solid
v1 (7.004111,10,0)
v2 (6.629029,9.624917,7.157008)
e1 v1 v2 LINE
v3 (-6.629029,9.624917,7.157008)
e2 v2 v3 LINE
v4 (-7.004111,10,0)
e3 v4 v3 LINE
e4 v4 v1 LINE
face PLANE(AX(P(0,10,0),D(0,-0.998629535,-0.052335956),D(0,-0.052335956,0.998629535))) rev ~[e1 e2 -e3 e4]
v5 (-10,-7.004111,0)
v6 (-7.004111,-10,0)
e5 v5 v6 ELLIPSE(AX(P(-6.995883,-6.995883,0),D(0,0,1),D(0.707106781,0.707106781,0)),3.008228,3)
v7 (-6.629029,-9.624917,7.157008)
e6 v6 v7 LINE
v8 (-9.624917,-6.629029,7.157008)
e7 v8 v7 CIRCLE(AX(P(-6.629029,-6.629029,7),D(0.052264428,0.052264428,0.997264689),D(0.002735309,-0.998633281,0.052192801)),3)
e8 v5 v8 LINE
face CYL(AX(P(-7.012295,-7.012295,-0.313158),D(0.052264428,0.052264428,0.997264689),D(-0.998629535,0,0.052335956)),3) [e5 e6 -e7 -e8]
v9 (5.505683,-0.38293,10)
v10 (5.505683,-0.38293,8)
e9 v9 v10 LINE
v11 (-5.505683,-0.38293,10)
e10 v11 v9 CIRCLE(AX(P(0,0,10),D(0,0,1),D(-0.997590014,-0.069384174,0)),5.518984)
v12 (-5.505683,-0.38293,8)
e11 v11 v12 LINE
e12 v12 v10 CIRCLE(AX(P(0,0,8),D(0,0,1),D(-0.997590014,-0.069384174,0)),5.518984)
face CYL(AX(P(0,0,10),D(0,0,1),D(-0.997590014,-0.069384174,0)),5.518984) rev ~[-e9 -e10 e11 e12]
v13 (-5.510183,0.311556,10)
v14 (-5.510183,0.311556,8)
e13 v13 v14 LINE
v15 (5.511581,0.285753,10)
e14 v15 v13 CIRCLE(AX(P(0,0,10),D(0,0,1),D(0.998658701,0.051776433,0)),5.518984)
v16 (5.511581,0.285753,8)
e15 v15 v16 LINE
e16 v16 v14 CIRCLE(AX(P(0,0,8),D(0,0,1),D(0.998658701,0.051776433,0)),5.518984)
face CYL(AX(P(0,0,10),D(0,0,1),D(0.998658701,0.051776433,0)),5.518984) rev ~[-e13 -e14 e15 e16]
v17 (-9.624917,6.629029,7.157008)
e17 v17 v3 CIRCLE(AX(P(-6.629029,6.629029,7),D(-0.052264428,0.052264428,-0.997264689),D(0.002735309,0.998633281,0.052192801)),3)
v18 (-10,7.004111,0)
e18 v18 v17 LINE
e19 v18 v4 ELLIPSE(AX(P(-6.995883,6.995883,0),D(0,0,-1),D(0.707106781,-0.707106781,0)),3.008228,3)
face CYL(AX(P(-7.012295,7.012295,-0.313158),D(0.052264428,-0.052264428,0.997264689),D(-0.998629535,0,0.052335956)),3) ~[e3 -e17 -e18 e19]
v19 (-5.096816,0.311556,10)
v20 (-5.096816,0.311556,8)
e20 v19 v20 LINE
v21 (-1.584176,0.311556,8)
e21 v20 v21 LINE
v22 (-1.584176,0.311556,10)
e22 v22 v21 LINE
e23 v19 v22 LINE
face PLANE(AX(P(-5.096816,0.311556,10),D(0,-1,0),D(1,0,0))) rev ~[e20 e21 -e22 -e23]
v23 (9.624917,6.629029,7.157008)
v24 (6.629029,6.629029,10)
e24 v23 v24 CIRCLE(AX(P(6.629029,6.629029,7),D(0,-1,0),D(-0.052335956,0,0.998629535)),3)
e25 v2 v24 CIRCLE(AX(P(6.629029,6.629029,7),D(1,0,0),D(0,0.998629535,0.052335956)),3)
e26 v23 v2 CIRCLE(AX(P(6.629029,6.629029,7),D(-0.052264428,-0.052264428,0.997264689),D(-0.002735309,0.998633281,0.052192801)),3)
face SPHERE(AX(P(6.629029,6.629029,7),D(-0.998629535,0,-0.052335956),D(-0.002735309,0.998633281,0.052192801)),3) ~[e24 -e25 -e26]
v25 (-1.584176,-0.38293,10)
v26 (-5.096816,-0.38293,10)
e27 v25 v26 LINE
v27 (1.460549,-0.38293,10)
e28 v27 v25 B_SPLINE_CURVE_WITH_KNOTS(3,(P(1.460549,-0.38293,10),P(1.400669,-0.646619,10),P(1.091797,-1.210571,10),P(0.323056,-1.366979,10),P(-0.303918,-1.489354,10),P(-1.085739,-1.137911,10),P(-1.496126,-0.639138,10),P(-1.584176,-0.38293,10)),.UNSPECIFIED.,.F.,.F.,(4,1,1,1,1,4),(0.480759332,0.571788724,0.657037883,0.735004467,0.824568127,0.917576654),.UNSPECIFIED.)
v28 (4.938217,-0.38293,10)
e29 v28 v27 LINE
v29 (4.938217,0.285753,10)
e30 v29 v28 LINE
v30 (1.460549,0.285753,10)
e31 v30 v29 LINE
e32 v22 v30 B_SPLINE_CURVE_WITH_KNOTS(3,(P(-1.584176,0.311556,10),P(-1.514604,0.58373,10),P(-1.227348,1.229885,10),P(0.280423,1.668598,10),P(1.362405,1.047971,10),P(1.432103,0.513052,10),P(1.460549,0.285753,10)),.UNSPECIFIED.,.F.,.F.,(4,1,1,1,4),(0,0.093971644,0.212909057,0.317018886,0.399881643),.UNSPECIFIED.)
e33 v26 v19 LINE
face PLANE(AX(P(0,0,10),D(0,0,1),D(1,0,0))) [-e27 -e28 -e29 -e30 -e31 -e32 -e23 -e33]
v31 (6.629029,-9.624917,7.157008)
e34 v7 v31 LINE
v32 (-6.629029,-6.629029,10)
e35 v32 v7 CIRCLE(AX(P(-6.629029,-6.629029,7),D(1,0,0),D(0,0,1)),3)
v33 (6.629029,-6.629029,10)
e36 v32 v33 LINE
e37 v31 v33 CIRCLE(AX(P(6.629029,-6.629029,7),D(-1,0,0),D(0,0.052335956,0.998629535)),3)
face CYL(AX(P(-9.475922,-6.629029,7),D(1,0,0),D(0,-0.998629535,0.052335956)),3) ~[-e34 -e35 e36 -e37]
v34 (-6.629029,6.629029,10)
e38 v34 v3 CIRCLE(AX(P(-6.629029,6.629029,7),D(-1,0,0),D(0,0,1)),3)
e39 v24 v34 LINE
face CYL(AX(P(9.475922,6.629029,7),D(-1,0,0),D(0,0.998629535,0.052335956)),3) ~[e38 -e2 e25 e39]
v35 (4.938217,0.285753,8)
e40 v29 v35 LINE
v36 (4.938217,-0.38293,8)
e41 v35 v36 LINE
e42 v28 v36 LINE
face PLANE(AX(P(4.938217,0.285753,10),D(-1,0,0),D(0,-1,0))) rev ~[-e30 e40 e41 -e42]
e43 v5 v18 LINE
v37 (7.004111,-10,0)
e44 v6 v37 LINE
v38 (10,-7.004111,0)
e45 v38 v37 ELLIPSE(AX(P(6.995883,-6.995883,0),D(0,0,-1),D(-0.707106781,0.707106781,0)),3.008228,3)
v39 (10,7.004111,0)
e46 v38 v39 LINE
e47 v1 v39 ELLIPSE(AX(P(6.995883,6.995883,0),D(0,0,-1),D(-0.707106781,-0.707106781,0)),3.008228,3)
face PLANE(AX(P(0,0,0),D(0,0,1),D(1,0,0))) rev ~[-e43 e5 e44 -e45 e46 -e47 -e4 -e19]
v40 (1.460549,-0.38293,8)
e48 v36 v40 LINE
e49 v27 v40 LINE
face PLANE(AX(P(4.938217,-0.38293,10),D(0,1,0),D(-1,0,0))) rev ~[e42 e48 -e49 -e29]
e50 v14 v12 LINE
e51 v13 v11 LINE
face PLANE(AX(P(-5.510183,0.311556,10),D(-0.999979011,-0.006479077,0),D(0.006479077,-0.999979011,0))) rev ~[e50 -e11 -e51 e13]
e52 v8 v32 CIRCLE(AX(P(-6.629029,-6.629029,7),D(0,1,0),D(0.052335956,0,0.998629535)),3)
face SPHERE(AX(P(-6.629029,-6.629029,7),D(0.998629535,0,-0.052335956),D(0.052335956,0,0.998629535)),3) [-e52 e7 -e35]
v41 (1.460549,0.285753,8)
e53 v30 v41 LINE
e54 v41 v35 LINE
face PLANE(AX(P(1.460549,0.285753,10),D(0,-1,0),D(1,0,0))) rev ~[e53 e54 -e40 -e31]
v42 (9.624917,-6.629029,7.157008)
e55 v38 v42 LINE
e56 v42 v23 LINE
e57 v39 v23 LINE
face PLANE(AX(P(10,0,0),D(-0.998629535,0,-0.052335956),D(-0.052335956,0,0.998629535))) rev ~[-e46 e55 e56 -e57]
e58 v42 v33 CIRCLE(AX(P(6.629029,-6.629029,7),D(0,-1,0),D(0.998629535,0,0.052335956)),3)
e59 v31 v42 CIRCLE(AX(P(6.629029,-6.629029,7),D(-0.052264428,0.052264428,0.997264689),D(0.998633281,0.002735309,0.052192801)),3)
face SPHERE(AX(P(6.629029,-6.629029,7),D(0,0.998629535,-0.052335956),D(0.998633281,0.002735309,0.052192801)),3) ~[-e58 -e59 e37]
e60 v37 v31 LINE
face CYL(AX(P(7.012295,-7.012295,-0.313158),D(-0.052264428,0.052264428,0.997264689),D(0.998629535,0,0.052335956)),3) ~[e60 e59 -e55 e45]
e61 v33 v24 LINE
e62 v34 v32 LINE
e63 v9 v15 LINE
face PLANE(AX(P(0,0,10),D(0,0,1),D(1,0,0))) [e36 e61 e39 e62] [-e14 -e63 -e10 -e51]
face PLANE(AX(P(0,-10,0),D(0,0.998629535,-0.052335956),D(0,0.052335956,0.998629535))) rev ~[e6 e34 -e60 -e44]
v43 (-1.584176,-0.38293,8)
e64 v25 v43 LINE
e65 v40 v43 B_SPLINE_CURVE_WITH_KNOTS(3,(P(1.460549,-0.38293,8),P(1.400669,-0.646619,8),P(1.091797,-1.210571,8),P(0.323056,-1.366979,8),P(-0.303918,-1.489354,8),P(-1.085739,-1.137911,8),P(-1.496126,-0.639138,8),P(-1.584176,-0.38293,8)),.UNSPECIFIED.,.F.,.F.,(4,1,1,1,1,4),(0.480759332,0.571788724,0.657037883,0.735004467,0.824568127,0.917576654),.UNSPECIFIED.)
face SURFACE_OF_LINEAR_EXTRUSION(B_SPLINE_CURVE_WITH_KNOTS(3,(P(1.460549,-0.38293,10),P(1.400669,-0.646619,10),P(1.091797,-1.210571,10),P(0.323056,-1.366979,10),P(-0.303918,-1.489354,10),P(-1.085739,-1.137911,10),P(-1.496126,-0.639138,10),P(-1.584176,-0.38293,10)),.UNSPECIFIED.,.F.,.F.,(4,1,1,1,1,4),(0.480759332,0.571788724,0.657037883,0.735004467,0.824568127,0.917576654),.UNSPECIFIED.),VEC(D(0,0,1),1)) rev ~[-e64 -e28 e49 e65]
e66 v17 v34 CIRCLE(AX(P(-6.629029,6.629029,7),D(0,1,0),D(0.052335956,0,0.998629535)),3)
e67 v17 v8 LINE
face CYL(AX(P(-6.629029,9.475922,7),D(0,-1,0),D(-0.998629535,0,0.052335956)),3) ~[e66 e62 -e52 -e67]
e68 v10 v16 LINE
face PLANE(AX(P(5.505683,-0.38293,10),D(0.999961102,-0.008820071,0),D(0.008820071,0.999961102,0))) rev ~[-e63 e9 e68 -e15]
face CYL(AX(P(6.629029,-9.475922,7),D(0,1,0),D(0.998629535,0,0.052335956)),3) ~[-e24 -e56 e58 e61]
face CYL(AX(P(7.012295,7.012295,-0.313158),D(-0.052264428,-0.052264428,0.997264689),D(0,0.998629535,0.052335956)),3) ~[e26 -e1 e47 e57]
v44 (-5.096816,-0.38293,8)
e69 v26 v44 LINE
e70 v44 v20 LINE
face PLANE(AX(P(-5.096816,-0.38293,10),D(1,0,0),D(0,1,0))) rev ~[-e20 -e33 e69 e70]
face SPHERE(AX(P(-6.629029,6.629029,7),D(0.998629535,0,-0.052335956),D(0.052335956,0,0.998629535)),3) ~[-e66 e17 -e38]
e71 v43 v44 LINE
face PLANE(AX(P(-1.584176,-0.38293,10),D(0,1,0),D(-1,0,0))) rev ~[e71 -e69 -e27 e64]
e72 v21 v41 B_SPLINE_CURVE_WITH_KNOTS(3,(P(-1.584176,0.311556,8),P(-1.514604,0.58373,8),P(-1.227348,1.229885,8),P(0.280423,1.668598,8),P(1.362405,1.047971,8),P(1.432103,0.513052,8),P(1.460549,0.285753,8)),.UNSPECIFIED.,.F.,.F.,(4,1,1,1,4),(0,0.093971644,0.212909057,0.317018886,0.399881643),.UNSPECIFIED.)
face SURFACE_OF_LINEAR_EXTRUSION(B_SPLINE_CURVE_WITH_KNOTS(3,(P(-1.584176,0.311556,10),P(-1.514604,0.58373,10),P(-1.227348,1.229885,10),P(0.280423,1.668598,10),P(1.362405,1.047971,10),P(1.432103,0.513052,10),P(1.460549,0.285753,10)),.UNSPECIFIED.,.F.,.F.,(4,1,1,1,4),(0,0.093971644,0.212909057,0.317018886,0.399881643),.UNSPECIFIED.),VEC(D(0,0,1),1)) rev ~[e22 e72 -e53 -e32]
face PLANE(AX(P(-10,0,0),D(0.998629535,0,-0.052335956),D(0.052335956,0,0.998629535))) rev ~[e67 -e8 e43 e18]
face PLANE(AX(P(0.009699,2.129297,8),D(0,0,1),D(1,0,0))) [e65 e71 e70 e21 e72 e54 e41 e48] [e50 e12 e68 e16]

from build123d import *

# Parameters (mm, degrees)
F0_W     = 20
F0_H     = 20
F1_DEPTH = 10
F1_TAPER = 3
F2_R     = 3
F4_DEPTH = 2


with BuildPart() as f1:
    # F0 (on Top) → F1 (new body)
    with BuildSketch(Plane.XY):
        Rectangle(F0_W, F0_H)
    extrude(amount=F1_DEPTH, taper=F1_TAPER)

    # F2
    f2_edges = [f1.edges().sort_by_distance(p)[0] for p in [
        (0, 9.475922, 10),
        (9.737961, 9.737961, 5),
        (9.475922, 0, 10),
        (9.737961, -9.737961, 5),
        (0, -9.475922, 10),
        (-9.475922, 0, 10),
        (-9.737961, -9.737961, 5),
        (-9.737961, 9.737961, 5),
    ]]
    fillet(f2_edges, radius=F2_R)

    # F3 (on face) → F4 (cut)
    with BuildSketch(Plane.XY.offset(10)):
        with BuildLine():
            ThreePointArc((5.5115809634, 0.2857532818), (0.0129202811, 5.5189684471), (-5.5101826217, 0.3115559812))
            Line((-5.5101826217, 0.3115559812), (-5.0968159921, 0.3115559812))
            Line((-5.0968159921, 0.3115559812), (-1.5841760834, 0.3115559812))
            add(Edge.make_bspline(
                [(-1.5841760834, 0.3115559812), (-1.5146037038, 0.5837301371), (-1.2273483423, 1.2298845271), (0.2804225775, 1.6685983953), (1.3624047254, 1.0479713111), (1.4321026561, 0.5130518001), (1.4605487231, 0.2857532818)],
                knots=[0, 0, 0, 0, 0.0939716444, 0.212909057, 0.3170188857, 0.399881643, 0.399881643, 0.399881643, 0.399881643], degree=3))
            Line((1.4605487231, 0.2857532818), (4.9382173456, 0.2857532818))
            Line((4.9382173456, 0.2857532818), (5.5115809634, 0.2857532818))
        make_face()
        with BuildLine():
            Line((-5.0968159921, -0.3829301172), (-5.5056828986, -0.3829301172))
            ThreePointArc((-5.5056828986, -0.3829301172), (0, -5.5189835707), (5.5056828986, -0.3829301172))
            Line((5.5056828986, -0.3829301172), (4.9382173456, -0.3829301172))
            Line((4.9382173456, -0.3829301172), (1.4605487231, -0.3829301172))
            add(Edge.make_bspline(
                [(1.4605487231, -0.3829301172), (1.400668735, -0.6466191855), (1.09179653, -1.2105707709), (0.3230563372, -1.3669788929), (-0.3039180378, -1.4893536378), (-1.0857394106, -1.1379114959), (-1.4961255451, -0.6391379868), (-1.5841760834, -0.3829301172)],
                knots=[0.480759332, 0.480759332, 0.480759332, 0.480759332, 0.5717887242, 0.6570378834, 0.7350044671, 0.8245681269, 0.917576654, 0.917576654, 0.917576654, 0.917576654], degree=3))
            Line((-1.5841760834, -0.3829301172), (-5.0968159921, -0.3829301172))
        make_face()
        Polygon((-5.5101826217, 0.3115559812), (-5.5056828986, -0.3829301172), (-5.0968159921, -0.3829301172), (-5.0968159921, 0.3115559812), align=None)
        Polygon((4.9382173456, -0.3829301172), (5.5056828986, -0.3829301172), (5.5115809634, 0.2857532818), (4.9382173456, 0.2857532818), align=None)
    extrude(amount=-F4_DEPTH, mode=Mode.SUBTRACT)


solid = f1.part
